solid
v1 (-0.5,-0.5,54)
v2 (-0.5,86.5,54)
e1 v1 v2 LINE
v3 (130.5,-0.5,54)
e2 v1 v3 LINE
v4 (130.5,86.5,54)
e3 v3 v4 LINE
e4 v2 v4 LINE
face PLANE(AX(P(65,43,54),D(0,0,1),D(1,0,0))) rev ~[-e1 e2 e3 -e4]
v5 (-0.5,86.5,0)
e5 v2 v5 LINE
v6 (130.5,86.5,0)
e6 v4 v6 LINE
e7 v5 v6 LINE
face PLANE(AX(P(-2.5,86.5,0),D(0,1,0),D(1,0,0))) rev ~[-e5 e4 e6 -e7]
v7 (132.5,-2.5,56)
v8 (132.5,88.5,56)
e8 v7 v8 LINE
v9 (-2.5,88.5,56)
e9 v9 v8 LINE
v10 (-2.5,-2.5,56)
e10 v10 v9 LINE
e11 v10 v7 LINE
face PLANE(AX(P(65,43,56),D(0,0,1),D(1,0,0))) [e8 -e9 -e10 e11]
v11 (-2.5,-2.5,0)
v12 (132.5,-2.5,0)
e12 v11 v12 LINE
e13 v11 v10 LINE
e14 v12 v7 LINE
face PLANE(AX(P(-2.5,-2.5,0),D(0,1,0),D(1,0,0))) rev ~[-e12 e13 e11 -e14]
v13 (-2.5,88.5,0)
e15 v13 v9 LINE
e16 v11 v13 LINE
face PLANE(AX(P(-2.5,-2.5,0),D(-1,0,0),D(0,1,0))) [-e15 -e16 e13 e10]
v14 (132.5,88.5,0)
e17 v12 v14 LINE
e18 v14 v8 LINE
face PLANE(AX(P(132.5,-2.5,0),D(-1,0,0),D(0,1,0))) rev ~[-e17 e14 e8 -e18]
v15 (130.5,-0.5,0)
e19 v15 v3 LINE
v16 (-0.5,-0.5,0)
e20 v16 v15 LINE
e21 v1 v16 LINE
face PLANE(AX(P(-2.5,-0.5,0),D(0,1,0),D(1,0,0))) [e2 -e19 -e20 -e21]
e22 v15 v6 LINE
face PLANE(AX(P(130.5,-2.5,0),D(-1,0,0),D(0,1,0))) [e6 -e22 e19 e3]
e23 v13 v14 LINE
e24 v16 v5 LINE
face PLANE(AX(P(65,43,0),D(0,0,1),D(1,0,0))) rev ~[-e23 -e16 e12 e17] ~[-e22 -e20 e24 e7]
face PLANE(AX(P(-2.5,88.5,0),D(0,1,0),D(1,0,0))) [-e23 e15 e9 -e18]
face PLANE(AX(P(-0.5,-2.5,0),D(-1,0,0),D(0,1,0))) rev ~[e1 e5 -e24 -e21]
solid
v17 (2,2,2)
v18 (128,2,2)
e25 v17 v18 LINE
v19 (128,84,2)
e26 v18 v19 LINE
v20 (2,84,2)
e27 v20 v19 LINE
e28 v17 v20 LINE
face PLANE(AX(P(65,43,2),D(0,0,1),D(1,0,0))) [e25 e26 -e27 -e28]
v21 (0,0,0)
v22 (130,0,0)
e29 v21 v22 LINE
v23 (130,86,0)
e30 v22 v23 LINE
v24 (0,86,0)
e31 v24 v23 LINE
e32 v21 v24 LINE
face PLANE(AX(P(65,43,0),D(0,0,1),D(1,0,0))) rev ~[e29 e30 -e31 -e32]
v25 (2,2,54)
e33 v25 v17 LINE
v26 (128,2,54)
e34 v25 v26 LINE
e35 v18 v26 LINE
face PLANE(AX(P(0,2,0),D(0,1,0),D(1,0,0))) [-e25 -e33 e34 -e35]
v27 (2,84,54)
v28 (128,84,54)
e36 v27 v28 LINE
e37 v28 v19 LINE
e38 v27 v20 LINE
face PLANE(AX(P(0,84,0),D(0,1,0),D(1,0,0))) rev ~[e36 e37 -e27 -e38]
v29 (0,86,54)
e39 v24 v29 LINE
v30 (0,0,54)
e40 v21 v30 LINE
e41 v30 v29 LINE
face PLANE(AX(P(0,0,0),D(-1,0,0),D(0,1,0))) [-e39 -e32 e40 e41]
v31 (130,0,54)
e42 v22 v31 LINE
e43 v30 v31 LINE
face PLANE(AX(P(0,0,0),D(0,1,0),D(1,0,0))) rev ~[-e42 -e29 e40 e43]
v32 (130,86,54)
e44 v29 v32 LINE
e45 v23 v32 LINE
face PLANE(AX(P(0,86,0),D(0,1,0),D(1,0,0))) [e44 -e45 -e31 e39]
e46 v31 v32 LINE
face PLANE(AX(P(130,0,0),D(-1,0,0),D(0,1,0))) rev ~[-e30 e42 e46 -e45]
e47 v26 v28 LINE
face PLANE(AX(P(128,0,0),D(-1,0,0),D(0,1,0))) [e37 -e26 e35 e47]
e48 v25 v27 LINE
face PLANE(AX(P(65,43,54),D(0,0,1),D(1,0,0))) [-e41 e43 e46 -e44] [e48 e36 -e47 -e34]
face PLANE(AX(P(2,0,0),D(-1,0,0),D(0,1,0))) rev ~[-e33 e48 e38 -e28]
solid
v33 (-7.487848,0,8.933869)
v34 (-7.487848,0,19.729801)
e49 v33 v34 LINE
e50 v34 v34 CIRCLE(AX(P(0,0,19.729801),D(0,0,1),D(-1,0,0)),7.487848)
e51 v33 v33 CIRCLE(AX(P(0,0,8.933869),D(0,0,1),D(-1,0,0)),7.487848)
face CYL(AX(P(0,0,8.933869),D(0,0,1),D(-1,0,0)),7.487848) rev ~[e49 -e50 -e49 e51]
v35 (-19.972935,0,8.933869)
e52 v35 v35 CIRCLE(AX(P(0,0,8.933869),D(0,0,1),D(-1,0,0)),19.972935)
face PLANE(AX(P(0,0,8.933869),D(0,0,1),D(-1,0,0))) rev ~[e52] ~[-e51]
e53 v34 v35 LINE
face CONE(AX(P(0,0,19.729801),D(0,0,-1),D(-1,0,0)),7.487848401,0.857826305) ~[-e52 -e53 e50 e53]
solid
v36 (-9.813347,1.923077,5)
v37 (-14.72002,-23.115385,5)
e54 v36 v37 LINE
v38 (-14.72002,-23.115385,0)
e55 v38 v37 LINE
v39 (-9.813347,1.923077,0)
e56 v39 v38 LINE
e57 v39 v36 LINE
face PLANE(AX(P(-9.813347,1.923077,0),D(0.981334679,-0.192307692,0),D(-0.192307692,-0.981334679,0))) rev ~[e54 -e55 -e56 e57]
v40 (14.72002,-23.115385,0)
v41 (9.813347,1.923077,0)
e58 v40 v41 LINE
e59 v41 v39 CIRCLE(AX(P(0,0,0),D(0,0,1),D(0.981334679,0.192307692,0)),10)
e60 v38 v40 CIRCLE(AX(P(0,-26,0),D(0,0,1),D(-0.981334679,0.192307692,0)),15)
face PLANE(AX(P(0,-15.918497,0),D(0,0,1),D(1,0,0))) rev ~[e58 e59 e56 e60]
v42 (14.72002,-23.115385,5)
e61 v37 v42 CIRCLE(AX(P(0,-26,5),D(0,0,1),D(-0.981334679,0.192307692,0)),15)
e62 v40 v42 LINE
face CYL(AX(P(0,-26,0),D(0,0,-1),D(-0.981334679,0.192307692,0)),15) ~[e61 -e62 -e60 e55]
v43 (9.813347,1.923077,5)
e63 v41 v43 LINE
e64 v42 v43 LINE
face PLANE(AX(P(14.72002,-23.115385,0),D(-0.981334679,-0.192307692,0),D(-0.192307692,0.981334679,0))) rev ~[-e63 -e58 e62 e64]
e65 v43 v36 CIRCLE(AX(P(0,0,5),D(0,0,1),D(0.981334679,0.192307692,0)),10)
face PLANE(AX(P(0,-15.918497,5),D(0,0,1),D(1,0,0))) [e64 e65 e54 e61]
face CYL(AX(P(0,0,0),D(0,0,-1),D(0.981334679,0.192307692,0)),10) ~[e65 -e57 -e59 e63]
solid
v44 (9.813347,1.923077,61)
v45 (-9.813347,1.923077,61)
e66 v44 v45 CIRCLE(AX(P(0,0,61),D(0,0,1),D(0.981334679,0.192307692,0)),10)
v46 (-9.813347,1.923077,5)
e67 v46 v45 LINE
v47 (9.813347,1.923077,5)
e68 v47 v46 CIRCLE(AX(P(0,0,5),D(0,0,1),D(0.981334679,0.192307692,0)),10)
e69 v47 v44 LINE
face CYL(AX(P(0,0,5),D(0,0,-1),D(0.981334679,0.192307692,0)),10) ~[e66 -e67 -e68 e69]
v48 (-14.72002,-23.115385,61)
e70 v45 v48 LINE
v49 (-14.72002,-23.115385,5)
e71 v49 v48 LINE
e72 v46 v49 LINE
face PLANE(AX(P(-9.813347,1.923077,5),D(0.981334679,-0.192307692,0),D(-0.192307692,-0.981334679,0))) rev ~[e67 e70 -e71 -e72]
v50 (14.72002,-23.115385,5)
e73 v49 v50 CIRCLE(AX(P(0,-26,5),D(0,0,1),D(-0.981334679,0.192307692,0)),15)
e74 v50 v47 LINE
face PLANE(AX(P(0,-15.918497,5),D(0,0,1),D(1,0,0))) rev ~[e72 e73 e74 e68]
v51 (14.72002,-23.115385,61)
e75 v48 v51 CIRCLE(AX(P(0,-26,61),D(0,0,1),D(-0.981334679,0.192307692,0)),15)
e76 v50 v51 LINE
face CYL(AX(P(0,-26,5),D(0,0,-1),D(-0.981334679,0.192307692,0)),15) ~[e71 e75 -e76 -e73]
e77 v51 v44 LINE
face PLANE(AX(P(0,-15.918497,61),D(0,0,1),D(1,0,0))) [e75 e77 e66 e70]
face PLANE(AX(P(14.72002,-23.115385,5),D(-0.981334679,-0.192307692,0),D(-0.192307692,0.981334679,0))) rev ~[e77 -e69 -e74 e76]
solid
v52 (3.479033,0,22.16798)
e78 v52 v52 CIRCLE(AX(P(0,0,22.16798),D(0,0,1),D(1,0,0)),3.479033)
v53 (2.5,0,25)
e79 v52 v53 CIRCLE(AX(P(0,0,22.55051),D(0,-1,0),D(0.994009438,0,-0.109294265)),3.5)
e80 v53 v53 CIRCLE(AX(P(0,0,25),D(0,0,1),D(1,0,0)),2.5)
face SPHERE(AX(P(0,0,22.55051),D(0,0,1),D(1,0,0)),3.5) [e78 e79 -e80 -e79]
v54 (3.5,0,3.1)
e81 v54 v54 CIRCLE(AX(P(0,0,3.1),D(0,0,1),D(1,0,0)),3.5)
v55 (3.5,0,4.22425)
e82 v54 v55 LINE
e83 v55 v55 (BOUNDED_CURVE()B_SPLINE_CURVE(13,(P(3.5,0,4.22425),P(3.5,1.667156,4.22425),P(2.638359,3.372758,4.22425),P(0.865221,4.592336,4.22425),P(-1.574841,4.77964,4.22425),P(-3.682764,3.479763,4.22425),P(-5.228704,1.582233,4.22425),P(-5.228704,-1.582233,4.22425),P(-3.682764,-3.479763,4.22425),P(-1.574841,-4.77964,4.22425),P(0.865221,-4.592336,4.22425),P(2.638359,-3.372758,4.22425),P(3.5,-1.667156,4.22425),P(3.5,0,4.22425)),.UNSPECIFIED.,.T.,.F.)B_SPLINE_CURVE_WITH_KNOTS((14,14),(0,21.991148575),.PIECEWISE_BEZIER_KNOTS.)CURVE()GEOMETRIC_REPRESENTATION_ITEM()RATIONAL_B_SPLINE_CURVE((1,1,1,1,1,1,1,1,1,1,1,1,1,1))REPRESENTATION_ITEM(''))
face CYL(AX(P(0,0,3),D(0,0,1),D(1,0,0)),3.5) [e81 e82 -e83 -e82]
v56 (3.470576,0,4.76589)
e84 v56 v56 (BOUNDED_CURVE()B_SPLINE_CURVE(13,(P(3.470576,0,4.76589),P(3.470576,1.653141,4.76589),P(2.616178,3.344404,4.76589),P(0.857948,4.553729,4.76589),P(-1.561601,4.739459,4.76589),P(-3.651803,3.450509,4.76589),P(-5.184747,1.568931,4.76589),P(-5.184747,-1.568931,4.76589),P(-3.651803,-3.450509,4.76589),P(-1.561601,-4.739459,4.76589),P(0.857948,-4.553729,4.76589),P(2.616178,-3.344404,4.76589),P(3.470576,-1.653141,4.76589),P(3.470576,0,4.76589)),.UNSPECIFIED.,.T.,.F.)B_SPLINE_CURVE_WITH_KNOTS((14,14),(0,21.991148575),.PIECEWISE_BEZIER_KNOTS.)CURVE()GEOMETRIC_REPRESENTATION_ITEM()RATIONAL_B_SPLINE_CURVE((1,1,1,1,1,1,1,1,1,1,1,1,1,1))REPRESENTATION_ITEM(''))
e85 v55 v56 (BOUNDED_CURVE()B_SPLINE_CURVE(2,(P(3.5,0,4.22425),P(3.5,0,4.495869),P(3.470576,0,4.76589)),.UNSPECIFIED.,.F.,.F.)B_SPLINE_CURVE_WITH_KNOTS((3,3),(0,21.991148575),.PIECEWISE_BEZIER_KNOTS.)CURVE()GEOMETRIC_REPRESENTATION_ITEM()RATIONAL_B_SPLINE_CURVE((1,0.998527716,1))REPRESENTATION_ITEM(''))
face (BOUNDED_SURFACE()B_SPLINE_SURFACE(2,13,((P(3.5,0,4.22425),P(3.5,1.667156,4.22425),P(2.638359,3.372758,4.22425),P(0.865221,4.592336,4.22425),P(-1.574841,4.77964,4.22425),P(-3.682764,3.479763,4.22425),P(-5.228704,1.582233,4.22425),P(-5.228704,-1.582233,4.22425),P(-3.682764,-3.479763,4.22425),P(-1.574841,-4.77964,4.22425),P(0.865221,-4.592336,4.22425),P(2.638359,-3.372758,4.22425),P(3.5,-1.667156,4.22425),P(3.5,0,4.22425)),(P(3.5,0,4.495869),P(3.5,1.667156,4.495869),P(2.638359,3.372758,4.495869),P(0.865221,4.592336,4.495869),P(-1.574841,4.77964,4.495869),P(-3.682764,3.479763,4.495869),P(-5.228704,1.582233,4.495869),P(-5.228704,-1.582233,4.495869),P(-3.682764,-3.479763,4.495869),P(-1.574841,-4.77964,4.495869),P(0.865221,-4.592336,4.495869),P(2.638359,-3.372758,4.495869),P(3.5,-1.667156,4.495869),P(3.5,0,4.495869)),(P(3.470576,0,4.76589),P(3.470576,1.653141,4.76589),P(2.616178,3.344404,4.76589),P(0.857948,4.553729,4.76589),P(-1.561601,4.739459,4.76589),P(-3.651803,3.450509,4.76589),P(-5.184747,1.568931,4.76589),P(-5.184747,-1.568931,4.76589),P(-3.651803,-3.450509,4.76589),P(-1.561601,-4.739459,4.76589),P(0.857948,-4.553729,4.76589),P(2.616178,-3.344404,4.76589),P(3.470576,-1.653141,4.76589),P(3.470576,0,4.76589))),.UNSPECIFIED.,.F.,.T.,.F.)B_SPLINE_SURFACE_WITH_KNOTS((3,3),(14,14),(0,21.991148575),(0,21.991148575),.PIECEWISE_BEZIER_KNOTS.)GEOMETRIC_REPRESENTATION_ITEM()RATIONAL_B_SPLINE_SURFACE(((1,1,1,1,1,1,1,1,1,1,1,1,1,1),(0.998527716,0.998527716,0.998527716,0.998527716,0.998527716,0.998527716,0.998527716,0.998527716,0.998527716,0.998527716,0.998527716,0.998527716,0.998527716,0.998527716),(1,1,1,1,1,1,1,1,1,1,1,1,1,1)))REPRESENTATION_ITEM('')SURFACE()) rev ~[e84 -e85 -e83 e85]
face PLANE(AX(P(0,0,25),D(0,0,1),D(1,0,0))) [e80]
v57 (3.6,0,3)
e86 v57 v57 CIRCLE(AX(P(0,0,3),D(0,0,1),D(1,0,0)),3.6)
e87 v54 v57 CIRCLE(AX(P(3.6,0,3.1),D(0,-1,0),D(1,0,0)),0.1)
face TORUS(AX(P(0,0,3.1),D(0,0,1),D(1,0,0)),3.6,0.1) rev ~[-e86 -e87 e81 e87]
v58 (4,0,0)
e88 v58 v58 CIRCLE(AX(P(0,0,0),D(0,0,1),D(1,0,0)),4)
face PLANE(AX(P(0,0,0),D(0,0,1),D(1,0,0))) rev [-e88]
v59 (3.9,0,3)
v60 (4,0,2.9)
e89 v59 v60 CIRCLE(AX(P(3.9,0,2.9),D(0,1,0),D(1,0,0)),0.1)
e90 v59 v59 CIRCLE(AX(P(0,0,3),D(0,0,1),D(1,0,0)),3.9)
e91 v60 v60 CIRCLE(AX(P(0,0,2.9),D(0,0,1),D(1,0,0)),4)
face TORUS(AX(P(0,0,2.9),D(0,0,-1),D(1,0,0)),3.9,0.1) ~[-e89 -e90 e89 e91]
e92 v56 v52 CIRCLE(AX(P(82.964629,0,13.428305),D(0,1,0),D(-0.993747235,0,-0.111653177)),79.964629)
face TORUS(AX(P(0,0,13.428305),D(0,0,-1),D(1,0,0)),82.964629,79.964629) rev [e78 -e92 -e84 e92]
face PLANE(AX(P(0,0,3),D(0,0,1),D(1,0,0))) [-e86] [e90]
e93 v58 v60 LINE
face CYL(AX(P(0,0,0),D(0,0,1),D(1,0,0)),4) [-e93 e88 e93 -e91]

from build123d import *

# Parameters (mm, degrees)
F0_W     = 130
F0_H     = 86
F1_DEPTH = 54
F2_T     = -2
F3_W     = 135
F3_H     = 91
F4_DEPTH = 56
F5_T     = -2
F7_DEPTH = 5
F8_START = 5
F8_DEPTH = 56
F11_R    = 5
F12_R    = 0.1


with BuildPart() as f1:
    # F0 (on Top) → F1 (new body)
    with BuildSketch(Plane.XY):
        with Locations((65, 43)):
            Rectangle(F0_W, F0_H)
    extrude(amount=F1_DEPTH)

    # F2
    f2_openings = [f1.faces().sort_by_distance(p)[0] for p in [
        (65, 43, 54),
    ]]
    offset(amount=F2_T, openings=f2_openings)


with BuildPart() as f4:
    # F3 (on Top) → F4 (new body, through all)
    with BuildSketch(Plane.XY):
        with Locations((65, 43)):
            Rectangle(F3_W, F3_H)
    extrude(amount=F4_DEPTH)

    # F5
    f5_openings = [f4.faces().sort_by_distance(p)[0] for p in [
        (65, 43, 0),
    ]]
    offset(amount=F5_T, openings=f5_openings)


with BuildPart() as f7:
    # F6 (on Top) → F7 (new body)
    with BuildSketch(Plane.XY):
        with BuildLine():
            Line((14.7200201794, -23.1153846154), (9.8133467863, 1.9230769231))
            ThreePointArc((9.8133467863, 1.9230769231), (0, 10), (-9.8133467863, 1.9230769231))
            Line((-9.8133467863, 1.9230769231), (-14.7200201794, -23.1153846154))
            ThreePointArc((-14.7200201794, -23.1153846154), (0, -41), (14.7200201794, -23.1153846154))
        make_face()
    extrude(amount=F7_DEPTH)


with BuildPart() as f8:
    # F6 (on Top) → F8 (new body)
    with BuildSketch(Plane.XY.offset(F8_START)):
        with BuildLine():
            Line((14.7200201794, -23.1153846154), (9.8133467863, 1.9230769231))
            ThreePointArc((9.8133467863, 1.9230769231), (0, 10), (-9.8133467863, 1.9230769231))
            Line((-9.8133467863, 1.9230769231), (-14.7200201794, -23.1153846154))
            ThreePointArc((-14.7200201794, -23.1153846154), (0, -41), (14.7200201794, -23.1153846154))
        make_face()
    extrude(amount=F8_DEPTH)


with BuildPart() as f10:
    # F9 (on Front) → F10 (revolve)
    with BuildSketch(Plane.XZ):
        with BuildLine():
            Line((0, 25), (0, 0))
            Line((0, 0), (4, 0))
            Line((4, 0), (4, 3))
            Line((4, 3), (3.5, 3))
            Line((3.5, 3), (3.5, 4.5))
            ThreePointArc((3.5, 4.5), (3.0000563073, 13.3334093128), (3.4790330346, 22.1679803312))
            ThreePointArc((3.4790330346, 22.1679803312), (3.3079136715, 23.694060493), (2.5, 25))
            Line((2.5, 25), (0, 25))
        make_face()
    revolve(axis=Axis((0, 0, 15.574289132), (0, 0, 1)))

    # F11
    f11_edges = [f10.edges().sort_by_distance(p)[0] for p in [
        (-3.5, 0, 4.5),
    ]]
    fillet(f11_edges, radius=F11_R)

    # F12
    f12_edges = [f10.edges().sort_by_distance(p)[0] for p in [
        (-3.5, 0, 3),
        (-4, 0, 3),
    ]]
    fillet(f12_edges, radius=F12_R)


with BuildPart() as f13:
    # F9 (on Front) → F13 (revolve)
    with BuildSketch(Plane.XZ):
        Polygon((-7.4878484011, 19.7298005223), (-19.9729353189, 8.9338691905), (-7.4878484011, 8.9338691905), align=None)
    revolve(axis=Axis((0, 0, 15.574289132), (0, 0, 1)))


solid = Compound([f1.part, f4.part, f7.part, f8.part, f10.part, f13.part])
